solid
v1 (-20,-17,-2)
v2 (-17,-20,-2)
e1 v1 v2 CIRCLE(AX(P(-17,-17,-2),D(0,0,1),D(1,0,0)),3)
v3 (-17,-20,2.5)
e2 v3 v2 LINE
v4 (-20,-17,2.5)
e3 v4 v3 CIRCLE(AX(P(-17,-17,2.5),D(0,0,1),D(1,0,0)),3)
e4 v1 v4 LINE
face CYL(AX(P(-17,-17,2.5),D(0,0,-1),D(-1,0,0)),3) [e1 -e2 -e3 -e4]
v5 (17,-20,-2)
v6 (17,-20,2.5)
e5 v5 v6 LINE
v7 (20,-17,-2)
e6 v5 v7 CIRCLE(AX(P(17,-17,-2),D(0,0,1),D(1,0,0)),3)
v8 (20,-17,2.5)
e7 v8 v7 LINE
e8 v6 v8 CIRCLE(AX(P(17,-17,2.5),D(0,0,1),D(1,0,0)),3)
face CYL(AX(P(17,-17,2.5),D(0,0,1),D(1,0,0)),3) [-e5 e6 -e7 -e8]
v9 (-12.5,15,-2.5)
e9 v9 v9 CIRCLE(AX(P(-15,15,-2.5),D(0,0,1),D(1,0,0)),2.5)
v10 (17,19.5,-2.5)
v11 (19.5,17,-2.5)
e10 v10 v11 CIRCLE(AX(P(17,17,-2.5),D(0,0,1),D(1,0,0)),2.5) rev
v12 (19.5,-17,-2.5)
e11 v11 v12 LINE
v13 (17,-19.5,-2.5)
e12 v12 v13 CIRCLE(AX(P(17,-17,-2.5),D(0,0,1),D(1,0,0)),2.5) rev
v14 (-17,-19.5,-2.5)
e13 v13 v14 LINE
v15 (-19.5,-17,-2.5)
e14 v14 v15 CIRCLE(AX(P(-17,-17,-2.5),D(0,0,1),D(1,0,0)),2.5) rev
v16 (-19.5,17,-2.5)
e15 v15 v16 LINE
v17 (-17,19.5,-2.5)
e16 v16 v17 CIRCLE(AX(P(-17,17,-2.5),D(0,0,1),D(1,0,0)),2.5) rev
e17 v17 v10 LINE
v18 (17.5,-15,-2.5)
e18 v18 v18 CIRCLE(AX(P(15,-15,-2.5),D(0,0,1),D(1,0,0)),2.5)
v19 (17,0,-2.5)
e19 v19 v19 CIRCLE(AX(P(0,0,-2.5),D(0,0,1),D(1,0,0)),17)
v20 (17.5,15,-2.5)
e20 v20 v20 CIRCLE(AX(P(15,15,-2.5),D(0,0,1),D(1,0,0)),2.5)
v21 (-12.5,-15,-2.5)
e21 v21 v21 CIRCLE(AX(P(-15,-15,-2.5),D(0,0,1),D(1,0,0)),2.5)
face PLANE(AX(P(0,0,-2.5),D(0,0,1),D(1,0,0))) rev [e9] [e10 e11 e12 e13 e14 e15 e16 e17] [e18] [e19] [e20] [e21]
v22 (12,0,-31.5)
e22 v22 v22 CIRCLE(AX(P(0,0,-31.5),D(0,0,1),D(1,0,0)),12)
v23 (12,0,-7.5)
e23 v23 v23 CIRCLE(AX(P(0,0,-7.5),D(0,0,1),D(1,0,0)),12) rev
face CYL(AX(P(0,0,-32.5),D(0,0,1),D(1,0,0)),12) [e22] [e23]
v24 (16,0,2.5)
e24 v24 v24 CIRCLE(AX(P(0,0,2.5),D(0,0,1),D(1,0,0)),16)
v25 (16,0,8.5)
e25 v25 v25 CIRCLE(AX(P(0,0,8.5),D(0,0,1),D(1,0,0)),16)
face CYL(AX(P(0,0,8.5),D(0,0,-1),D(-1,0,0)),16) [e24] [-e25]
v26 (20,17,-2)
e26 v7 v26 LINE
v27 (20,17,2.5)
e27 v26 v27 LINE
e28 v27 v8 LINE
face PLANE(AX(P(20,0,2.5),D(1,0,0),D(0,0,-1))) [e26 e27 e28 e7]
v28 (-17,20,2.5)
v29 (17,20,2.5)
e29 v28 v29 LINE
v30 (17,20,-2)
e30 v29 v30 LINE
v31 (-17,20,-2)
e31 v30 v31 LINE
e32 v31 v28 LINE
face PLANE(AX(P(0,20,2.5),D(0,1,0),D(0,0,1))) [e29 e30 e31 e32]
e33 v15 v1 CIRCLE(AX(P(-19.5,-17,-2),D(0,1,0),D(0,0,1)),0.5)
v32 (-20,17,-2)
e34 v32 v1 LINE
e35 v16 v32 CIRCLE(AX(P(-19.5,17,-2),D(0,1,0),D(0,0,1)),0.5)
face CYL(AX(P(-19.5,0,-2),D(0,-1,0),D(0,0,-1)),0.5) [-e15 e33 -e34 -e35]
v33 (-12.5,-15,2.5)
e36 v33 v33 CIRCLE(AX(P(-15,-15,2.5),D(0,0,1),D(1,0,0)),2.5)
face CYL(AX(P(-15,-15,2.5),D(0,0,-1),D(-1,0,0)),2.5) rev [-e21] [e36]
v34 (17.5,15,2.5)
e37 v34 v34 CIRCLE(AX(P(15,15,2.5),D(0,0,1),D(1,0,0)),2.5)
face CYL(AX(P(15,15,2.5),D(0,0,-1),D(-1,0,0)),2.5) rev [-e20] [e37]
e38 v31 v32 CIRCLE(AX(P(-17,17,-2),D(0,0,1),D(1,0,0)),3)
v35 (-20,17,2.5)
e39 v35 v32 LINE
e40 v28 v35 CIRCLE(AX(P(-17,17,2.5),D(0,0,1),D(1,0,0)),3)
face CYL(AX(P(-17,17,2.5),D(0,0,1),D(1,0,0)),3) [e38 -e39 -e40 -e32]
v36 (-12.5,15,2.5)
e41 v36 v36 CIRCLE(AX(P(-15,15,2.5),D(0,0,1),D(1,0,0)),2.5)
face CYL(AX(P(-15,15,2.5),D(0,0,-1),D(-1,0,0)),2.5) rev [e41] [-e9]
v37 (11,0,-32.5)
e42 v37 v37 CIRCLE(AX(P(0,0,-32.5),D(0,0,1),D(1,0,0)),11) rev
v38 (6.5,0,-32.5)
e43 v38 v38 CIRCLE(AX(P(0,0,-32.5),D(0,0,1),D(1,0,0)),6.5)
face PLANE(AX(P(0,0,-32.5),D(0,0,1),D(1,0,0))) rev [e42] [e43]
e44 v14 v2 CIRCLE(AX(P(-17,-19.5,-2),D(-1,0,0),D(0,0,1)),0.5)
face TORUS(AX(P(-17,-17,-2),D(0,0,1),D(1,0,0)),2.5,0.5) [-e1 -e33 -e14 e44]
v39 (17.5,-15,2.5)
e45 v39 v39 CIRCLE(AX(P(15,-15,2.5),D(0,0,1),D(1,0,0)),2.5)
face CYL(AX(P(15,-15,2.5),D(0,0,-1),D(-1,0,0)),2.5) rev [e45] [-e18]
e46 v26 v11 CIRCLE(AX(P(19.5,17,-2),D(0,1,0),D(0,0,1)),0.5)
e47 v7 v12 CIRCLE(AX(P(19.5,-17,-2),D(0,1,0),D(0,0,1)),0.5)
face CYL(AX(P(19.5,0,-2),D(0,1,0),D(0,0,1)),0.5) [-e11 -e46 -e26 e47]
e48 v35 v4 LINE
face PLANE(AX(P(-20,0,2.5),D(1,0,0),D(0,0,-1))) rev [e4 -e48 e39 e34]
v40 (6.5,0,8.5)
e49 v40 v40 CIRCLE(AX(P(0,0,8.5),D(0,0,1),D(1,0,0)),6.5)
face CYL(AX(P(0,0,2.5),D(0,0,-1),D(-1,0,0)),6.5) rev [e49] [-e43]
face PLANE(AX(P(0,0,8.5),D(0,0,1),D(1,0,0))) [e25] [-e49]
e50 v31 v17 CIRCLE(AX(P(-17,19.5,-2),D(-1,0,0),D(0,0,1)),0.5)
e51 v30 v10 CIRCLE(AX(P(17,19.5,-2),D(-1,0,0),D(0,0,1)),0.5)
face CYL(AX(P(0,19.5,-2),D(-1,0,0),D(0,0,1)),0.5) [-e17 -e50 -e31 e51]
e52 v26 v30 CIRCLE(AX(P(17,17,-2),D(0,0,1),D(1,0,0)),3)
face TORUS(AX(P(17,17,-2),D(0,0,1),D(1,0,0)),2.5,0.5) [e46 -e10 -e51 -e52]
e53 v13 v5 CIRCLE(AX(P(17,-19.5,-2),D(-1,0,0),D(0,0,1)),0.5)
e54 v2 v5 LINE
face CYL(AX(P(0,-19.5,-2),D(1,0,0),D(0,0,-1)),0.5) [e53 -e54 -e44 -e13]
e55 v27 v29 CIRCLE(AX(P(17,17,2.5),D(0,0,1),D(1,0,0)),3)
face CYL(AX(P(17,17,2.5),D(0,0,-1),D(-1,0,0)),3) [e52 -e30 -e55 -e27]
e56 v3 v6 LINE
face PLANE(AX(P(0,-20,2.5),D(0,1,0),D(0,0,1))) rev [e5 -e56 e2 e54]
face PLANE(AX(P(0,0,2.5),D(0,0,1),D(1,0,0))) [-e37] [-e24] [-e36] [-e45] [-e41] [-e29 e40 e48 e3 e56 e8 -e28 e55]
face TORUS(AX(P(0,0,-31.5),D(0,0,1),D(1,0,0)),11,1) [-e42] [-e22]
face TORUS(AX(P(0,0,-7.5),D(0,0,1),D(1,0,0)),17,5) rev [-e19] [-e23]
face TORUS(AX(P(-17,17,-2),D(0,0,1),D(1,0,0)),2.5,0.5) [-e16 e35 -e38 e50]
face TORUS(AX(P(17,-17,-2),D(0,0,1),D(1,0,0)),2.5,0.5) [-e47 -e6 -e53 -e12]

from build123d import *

# Parameters (mm, degrees)
SKETCH2_W            = 40
SKETCH2_H            = 40
SKETCH2_R            = 2.5
SKETCH2_R_2          = 16
SKETCH2_R_3          = 6.5
SKETCH2_R_4          = 12
BOSS_EXTRUDE5_DEPTH  = 2.5
BOSS_EXTRUDE8_START  = 2.5
SKETCH2_9_R          = 16
SKETCH2_9_R_2        = 6.5
SKETCH2_9_R_3        = 12
BOSS_EXTRUDE8_DEPTH  = 6
BOSS_EXTRUDE10_START = -32.5
SKETCH2_12_R         = 12
SKETCH2_12_R_2       = 6.5
BOSS_EXTRUDE10_DEPTH = 30
FILLET1_R            = 3
FILLET2_R            = 0.5
FILLET3_R            = 5
FILLET4_R            = 1


with BuildPart() as part:
    # Sketch2 → Boss-Extrude5 (new, symmetric)
    # profile 1 of 3: a face of its own
    with BuildSketch(Plane.XY):
        Rectangle(SKETCH2_W, SKETCH2_H)
        with Locations((-15, -15)):
            Circle(SKETCH2_R, mode=Mode.SUBTRACT)
        with Locations((15, -15)):
            Circle(SKETCH2_R, mode=Mode.SUBTRACT)
        with Locations((15, 15)):
            Circle(SKETCH2_R, mode=Mode.SUBTRACT)
        with Locations((-15, 15)):
            Circle(SKETCH2_R, mode=Mode.SUBTRACT)
        Circle(SKETCH2_R_2, mode=Mode.SUBTRACT)
    # profile 2 of 3: a face of its own
    with BuildSketch(Plane.XY):
        Circle(SKETCH2_R_2)
        Circle(SKETCH2_R_3, mode=Mode.SUBTRACT)
    # profile 3 of 3: a face of its own
    with BuildSketch(Plane.XY):
        Circle(SKETCH2_R_4)
        Circle(SKETCH2_R_3, mode=Mode.SUBTRACT)
    extrude(amount=BOSS_EXTRUDE5_DEPTH, both=True)

    # Sketch2<9> → Boss-Extrude8 (add)
    # profile 1 of 2: a face of its own
    with BuildSketch(Plane.XY.offset(BOSS_EXTRUDE8_START)):
        Circle(SKETCH2_9_R)
        Circle(SKETCH2_9_R_2, mode=Mode.SUBTRACT)
    # profile 2 of 2: a face of its own
    with BuildSketch(Plane.XY.offset(BOSS_EXTRUDE8_START)):
        Circle(SKETCH2_9_R_3)
        Circle(SKETCH2_9_R_2, mode=Mode.SUBTRACT)
    extrude(amount=BOSS_EXTRUDE8_DEPTH)

    # Sketch2<12> → Boss-Extrude10 (add)
    with BuildSketch(Plane.XY.offset(BOSS_EXTRUDE10_START)):
        Circle(SKETCH2_12_R)
        Circle(SKETCH2_12_R_2, mode=Mode.SUBTRACT)
    extrude(amount=BOSS_EXTRUDE10_DEPTH)

    # Fillet1
    fillet1_edges = [part.edges().sort_by_distance(p)[0] for p in [
        (20, -20, 0),
        (-20, -20, 0),
        (-20, 20, 0),
        (20, 20, 0),
    ]]
    fillet(fillet1_edges, radius=FILLET1_R)

    # Fillet2
    fillet2_edges = [part.edges().sort_by_distance(p)[0] for p in [
        (0, 20, -2.5),
        (20, 0, -2.5),
        (0, -20, -2.5),
        (-20, 0, -2.5),
        (-19.121320344, 19.121320344, -2.5),
        (-19.121320344, -19.121320344, -2.5),
        (19.121320344, -19.121320344, -2.5),
        (19.121320344, 19.121320344, -2.5),
    ]]
    fillet(fillet2_edges, radius=FILLET2_R)

    # Fillet3
    fillet3_edges = [part.edges().sort_by_distance(p)[0] for p in [
        (-12, 0, -2.5),
    ]]
    fillet(fillet3_edges, radius=FILLET3_R)

    # Fillet4
    fillet4_edges = [part.edges().sort_by_distance(p)[0] for p in [
        (-12, 0, -32.5),
    ]]
    fillet(fillet4_edges, radius=FILLET4_R)


solid = part.part
